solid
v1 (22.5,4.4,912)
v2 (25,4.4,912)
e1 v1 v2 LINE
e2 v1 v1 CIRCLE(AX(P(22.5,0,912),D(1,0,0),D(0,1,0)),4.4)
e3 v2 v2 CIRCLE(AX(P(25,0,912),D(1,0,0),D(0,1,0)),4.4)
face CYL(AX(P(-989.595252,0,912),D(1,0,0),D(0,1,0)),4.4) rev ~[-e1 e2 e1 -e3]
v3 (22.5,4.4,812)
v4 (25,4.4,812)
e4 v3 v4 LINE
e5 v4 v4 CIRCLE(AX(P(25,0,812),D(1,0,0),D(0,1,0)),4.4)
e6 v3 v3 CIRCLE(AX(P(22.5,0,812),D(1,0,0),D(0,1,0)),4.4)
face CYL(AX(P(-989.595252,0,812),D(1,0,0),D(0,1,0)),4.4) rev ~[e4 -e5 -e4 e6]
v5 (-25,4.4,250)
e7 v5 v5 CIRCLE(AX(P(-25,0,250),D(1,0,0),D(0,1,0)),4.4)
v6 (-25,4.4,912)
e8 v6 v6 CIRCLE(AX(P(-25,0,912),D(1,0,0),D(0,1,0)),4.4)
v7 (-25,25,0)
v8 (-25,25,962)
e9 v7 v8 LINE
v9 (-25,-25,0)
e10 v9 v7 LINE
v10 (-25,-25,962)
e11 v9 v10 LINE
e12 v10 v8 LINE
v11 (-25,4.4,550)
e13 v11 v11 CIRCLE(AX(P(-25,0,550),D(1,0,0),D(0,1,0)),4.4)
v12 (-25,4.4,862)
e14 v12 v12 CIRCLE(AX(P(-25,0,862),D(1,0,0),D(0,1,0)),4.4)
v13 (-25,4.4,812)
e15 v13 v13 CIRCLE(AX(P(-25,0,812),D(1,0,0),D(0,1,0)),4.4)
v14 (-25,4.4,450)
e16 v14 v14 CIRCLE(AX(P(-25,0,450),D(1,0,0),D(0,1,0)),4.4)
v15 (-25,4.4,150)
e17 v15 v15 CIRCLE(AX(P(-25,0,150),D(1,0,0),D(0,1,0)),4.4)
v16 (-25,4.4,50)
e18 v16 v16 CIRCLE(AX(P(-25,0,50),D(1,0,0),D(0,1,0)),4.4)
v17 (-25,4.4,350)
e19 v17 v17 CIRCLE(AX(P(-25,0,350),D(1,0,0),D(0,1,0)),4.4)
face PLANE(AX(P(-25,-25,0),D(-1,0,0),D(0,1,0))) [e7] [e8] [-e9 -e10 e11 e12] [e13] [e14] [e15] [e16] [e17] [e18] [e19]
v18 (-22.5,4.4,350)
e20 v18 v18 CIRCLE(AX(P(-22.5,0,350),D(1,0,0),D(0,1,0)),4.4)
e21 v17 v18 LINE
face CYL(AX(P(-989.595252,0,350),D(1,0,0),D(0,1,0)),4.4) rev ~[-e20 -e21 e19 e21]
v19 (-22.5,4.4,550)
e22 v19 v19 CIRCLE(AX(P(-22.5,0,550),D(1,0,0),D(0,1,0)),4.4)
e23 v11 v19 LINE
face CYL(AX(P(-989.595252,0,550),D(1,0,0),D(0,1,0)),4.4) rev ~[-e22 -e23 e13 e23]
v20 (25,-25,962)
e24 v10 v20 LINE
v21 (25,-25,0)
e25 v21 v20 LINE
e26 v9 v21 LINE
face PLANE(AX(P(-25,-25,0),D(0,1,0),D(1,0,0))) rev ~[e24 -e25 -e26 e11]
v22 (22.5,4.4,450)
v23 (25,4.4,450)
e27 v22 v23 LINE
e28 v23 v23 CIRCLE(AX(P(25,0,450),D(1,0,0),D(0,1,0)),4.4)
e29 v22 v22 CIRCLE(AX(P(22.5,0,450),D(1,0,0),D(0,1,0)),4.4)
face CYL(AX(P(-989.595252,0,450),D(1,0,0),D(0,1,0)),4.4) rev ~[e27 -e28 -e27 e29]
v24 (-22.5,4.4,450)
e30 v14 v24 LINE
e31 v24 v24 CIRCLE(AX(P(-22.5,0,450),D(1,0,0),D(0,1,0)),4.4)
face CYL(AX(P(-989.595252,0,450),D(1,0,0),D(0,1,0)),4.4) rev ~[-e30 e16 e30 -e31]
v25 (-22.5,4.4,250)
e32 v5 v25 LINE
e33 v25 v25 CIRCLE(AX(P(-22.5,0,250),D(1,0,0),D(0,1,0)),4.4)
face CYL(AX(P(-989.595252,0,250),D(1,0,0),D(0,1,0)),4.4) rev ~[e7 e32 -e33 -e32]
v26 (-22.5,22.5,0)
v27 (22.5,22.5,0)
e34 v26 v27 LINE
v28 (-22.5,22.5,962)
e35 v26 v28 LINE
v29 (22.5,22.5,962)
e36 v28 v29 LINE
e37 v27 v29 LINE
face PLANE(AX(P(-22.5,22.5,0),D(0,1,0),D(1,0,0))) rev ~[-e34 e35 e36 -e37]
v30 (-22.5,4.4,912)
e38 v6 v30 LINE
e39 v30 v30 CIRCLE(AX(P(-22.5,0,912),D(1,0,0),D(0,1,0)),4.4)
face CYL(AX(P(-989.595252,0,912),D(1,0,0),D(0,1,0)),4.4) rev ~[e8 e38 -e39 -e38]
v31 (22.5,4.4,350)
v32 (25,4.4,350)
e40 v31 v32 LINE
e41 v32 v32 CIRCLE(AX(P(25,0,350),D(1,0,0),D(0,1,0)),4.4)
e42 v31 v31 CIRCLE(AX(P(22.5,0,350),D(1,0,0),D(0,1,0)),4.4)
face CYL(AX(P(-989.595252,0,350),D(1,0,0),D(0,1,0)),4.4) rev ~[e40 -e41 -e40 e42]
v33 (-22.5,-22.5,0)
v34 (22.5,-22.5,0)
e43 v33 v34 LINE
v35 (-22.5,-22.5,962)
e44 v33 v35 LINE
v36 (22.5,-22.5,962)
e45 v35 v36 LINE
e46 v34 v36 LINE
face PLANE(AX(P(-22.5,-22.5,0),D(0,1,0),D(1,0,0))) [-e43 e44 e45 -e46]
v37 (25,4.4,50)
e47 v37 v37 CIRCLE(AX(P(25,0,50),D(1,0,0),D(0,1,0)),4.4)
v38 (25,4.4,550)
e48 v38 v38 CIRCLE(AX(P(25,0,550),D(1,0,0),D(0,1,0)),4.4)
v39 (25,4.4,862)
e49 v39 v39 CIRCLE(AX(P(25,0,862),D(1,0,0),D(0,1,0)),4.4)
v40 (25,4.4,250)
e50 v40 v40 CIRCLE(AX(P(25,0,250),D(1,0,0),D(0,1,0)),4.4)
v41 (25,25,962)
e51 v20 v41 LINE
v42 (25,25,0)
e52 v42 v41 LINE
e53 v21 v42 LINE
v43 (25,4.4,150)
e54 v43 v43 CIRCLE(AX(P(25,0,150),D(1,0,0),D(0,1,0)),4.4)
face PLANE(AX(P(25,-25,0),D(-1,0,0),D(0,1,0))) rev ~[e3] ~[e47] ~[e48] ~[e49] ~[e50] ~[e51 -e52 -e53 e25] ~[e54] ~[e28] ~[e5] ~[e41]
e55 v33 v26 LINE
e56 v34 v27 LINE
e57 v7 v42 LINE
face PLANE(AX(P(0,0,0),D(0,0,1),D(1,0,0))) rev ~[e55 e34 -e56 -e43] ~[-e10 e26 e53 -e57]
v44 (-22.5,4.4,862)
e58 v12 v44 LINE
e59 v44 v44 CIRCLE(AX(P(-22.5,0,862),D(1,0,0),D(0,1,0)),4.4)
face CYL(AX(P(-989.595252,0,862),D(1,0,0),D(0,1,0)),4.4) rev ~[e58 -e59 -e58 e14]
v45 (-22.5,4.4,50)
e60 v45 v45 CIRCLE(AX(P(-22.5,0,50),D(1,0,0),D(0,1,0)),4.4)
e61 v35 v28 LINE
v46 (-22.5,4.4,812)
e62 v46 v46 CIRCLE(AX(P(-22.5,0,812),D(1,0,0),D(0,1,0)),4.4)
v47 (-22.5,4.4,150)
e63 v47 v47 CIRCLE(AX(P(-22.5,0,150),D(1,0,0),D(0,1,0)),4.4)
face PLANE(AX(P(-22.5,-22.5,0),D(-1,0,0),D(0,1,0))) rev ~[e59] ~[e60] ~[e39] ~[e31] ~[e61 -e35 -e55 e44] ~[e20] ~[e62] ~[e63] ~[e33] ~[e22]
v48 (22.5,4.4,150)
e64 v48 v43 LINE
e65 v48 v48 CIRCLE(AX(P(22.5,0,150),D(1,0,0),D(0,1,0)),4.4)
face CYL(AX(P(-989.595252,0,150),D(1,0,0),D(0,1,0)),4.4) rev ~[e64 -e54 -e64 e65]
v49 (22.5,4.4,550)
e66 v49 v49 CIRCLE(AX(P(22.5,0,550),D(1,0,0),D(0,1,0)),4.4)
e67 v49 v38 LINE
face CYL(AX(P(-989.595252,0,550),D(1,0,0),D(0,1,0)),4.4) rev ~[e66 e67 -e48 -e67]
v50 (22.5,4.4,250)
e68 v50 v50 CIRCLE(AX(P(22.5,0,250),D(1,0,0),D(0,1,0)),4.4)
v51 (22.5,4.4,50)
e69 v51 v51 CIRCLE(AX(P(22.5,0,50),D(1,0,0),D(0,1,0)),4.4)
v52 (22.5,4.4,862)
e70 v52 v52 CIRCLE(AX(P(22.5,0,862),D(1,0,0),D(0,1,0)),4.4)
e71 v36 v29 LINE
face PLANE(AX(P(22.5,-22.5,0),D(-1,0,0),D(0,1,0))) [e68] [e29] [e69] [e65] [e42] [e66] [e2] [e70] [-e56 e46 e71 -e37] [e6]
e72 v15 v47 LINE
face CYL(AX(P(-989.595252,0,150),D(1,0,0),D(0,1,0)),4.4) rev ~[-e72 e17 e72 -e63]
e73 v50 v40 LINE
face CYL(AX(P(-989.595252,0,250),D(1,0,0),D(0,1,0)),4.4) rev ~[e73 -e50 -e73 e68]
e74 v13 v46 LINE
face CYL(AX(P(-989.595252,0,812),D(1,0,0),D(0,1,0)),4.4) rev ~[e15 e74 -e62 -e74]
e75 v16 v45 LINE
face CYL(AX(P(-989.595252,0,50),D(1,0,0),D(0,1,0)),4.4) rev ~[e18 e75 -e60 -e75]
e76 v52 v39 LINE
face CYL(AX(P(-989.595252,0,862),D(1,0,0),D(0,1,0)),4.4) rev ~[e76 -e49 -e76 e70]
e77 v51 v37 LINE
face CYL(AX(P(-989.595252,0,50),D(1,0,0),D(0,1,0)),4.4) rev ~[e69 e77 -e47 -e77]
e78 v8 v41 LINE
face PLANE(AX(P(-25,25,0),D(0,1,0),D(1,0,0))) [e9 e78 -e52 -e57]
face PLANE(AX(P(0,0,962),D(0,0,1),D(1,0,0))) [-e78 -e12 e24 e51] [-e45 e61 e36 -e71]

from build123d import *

# Parameters (mm, degrees)
F0_W     = 50
F0_H     = 50
F0_W_2   = 45
F0_H_2   = 45
F1_DEPTH = 962
F3_D     = 8.8


with BuildPart() as f1:
    # F0 (on Top) → F1 (new body)
    with BuildSketch(Plane.XY):
        Rectangle(F0_W, F0_H)
        Rectangle(F0_W_2, F0_H_2, mode=Mode.SUBTRACT)
    extrude(amount=F1_DEPTH)

    # F3 (through all)
    with Locations(Plane(origin=(-25, 0, 0), x_dir=(0, -1, 0), z_dir=(-1, 0, 0))):
        with Locations((0, 350), (0, 450), (0, 550), (0, 250), (0, 150), (0, 50), (0, 812), (0, 912), (0, 862)):
            Hole(F3_D / 2)


solid = f1.part
